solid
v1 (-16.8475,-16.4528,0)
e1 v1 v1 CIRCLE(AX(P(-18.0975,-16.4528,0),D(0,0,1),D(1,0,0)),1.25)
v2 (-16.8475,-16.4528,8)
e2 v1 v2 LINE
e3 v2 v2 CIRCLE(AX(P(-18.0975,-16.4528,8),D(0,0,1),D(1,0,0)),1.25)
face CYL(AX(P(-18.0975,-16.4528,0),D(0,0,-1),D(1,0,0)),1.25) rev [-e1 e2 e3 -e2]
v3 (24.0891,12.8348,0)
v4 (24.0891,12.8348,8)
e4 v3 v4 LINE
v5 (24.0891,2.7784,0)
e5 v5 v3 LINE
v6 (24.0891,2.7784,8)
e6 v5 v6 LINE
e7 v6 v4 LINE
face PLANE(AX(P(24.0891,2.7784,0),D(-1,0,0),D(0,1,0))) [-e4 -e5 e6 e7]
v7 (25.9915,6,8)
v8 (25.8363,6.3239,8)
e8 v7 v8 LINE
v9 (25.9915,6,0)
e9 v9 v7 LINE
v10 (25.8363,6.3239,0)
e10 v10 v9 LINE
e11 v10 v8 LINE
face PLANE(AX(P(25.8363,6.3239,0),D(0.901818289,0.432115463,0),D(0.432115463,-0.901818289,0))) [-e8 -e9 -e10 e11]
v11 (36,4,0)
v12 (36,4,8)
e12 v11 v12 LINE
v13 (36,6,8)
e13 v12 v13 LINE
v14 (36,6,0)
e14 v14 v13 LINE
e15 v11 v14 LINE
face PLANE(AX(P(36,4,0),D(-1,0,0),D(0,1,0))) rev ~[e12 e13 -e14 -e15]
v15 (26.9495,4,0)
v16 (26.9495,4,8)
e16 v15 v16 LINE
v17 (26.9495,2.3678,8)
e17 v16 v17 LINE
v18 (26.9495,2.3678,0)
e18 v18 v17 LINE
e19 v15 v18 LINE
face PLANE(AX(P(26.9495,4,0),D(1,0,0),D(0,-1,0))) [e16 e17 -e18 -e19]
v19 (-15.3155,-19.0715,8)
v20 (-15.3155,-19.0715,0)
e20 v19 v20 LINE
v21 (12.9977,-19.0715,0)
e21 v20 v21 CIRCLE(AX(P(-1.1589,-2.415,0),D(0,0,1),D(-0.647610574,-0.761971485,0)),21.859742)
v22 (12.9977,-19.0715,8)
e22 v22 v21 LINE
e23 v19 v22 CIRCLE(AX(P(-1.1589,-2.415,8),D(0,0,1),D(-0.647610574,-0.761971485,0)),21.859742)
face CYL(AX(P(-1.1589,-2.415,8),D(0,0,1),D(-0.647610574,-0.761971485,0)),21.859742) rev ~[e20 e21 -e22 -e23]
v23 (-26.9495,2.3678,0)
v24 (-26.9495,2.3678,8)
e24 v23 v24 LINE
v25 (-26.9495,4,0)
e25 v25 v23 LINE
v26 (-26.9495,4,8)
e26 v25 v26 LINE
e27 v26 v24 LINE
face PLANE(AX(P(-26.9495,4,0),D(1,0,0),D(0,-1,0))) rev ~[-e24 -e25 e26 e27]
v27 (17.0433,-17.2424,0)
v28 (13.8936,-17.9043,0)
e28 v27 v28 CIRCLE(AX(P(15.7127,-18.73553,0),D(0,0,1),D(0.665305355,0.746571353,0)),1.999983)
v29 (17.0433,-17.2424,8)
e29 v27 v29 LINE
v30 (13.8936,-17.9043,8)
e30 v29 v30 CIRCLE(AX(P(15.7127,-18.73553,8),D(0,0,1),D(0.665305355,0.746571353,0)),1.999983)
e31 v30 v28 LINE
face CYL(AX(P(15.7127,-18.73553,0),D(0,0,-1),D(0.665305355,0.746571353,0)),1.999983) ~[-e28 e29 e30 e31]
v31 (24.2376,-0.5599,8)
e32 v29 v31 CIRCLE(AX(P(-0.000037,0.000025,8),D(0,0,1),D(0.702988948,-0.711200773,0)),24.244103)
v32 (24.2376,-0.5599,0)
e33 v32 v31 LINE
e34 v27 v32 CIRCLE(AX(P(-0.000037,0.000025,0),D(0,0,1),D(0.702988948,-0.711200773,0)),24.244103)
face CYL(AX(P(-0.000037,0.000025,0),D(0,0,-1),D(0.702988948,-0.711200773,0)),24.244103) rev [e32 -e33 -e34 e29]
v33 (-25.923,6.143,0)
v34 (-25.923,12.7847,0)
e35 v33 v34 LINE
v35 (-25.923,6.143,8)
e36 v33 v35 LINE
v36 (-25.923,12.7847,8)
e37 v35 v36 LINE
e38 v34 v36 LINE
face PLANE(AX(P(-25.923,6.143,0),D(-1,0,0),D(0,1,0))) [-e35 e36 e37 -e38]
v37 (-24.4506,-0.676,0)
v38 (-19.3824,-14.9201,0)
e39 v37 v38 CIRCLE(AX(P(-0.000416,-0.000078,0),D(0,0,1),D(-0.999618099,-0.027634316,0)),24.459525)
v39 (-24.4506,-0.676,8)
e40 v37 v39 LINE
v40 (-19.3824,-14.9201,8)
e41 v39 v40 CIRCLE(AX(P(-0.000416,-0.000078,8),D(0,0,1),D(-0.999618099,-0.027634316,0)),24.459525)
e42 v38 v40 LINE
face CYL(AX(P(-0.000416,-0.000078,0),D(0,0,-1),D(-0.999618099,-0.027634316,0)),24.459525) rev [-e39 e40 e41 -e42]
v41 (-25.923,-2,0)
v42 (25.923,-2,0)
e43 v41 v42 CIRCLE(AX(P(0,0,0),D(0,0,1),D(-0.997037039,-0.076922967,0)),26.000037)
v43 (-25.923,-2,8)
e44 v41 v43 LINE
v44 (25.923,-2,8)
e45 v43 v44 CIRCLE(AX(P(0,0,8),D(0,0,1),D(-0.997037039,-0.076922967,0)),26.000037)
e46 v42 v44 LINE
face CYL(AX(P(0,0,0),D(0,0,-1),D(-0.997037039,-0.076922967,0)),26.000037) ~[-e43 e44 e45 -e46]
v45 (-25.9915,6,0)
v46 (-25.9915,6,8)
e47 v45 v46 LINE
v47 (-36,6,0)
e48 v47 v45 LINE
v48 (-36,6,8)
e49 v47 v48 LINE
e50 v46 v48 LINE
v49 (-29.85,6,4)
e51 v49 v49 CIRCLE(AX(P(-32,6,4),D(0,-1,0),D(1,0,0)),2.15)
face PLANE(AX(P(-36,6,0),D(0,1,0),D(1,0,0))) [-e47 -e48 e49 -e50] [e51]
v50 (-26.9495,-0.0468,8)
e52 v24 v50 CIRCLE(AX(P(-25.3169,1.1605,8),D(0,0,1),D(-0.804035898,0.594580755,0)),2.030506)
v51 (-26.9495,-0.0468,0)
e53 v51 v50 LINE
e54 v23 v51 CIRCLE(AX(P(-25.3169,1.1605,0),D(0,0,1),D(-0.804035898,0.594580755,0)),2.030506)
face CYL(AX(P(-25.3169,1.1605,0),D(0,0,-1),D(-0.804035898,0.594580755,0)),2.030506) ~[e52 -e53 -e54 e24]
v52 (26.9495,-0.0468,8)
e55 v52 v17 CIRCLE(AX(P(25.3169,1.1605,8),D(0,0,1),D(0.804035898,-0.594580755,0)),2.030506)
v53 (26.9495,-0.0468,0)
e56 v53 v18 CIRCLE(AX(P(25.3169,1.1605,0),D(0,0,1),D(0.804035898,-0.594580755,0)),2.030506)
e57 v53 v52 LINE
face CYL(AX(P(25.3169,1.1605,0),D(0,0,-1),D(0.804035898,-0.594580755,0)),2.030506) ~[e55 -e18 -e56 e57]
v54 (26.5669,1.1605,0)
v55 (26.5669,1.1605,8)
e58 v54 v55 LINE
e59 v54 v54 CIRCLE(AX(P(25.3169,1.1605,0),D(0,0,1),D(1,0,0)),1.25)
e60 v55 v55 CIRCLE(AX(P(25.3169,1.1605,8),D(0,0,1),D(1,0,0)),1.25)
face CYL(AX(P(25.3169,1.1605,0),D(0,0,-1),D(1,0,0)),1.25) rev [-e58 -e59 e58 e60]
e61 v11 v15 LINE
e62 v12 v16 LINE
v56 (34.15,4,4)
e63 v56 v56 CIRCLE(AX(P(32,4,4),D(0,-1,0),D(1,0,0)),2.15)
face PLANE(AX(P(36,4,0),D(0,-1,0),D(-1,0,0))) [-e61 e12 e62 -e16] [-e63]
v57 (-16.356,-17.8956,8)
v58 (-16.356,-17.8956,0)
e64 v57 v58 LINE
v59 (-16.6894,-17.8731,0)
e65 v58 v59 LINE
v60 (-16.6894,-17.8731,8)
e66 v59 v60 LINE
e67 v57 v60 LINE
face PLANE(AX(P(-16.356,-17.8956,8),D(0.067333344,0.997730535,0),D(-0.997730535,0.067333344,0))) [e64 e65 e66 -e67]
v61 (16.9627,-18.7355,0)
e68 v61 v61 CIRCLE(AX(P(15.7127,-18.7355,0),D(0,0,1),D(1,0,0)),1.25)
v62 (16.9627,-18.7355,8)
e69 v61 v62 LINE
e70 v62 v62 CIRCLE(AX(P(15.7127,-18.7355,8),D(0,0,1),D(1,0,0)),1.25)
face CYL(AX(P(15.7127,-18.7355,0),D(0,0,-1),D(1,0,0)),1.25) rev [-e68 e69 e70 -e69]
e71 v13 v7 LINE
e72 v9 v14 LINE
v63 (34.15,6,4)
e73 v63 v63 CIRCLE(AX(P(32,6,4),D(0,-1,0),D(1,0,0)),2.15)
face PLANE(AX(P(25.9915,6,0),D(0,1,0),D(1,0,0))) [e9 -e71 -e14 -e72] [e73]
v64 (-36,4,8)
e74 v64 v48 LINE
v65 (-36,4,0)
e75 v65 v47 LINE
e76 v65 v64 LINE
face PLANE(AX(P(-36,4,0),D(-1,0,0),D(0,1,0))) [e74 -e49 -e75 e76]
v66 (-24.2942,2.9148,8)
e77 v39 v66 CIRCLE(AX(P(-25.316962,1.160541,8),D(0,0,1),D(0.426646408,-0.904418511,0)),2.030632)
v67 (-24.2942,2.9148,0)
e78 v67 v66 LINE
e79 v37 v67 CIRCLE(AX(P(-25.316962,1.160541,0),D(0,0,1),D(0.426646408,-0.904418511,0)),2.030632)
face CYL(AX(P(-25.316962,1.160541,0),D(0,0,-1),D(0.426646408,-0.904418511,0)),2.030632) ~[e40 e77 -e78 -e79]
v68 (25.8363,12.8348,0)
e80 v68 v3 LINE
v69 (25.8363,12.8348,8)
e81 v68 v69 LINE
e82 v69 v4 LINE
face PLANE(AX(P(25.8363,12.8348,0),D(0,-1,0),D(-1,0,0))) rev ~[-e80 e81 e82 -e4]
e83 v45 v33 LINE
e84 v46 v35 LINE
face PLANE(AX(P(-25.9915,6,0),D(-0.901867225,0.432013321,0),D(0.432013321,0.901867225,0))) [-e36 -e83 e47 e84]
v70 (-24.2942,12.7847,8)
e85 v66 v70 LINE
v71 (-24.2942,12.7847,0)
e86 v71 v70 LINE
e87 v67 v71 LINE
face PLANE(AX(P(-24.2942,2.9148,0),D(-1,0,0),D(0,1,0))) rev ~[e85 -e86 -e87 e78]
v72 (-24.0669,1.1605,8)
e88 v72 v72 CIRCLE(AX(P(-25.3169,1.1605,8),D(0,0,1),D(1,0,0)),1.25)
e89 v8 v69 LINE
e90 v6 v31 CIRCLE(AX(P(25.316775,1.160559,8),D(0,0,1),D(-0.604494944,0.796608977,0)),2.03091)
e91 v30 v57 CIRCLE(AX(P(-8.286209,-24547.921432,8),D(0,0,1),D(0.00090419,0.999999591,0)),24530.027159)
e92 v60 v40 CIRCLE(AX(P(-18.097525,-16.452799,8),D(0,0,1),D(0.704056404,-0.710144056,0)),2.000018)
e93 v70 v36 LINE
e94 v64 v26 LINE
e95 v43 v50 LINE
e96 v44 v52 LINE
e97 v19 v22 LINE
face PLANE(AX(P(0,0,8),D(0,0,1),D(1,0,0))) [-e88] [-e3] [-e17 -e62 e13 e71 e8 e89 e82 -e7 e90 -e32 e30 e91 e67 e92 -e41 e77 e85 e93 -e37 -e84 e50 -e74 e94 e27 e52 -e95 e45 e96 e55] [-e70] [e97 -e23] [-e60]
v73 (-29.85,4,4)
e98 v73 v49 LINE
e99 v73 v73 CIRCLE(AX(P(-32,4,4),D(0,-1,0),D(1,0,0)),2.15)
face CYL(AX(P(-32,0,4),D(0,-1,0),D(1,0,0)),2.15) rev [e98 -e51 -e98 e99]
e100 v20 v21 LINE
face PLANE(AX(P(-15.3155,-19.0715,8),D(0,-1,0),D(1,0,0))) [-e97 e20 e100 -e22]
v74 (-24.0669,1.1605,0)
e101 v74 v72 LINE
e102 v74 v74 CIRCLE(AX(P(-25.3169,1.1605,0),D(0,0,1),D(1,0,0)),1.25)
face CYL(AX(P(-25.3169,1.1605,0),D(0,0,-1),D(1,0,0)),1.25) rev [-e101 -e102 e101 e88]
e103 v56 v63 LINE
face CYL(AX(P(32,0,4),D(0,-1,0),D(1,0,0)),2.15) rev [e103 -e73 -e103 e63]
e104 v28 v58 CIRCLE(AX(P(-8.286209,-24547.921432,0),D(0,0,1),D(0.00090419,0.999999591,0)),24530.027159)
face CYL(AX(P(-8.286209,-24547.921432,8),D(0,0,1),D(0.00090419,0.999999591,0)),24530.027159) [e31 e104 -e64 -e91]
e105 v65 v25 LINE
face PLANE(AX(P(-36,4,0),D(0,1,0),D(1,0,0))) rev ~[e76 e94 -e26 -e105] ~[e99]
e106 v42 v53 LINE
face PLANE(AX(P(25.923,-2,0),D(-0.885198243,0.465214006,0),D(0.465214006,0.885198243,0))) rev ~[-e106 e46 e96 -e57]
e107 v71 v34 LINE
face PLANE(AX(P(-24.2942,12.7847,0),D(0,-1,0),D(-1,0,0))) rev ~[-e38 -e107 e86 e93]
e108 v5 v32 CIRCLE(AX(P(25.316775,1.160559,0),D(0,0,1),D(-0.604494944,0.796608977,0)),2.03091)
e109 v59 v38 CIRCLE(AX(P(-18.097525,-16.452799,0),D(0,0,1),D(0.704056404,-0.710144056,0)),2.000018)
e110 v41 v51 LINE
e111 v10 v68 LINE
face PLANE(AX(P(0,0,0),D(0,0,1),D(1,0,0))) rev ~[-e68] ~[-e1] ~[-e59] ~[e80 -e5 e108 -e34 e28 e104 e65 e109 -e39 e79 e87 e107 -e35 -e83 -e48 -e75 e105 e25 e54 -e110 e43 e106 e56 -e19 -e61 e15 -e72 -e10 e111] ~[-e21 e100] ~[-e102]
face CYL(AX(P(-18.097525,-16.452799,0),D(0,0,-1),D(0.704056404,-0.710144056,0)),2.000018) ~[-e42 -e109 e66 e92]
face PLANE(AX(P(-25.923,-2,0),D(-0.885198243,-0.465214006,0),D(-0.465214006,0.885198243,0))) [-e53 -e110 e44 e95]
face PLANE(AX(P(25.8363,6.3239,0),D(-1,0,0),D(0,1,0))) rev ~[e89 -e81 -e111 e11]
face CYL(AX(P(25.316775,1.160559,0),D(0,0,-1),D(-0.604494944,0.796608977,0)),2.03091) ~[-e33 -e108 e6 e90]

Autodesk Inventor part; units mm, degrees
ref_plane "YZ Plane" through (0, 0, 0) normal (1, 0, 0) x (0, 1, 0)
ref_plane "XZ Plane" through (0, 0, 0) normal (0, 1, 0) x (-1, 0, 0)
ref_plane "XY Plane" through (0, 0, 0) normal (0, 0, 1) x (1, 0, 0)
sketch "Esquisse1" plane through (0, 0, 0) normal (0, 0, 1) x (1, 0, 0)
  line L0 (0, 0) -> (-27.546, -25.0426) construction
  line L1 (0, 0) -> (23.0277, -27.4577) construction
  circle A0 centre (-18.0975, -16.4528) radius 1.25
  circle A1 centre (15.7127, -18.7355) radius 1.25
  arc A2 (-16.6894, -17.8731) -> (14.1299, -19.9581) centre (0, 0) ccw
  arc A3 (-16.6894, -17.8731) -> (-19.3824, -14.9201) centre (-18.0975, -16.4528) ccw
  arc A4 (17.0433, -17.2424) -> (14.1299, -19.9581) centre (15.7127, -18.7355) ccw
  line L2 (0, 0) -> (-29.5508, 10.7556) construction
  line L3 (-17.8311, 0) -> (17.1748, 0) construction
  line L4 (0, 2.0526) -> (0, -2.2236) construction
  arc A5 (-25.923, -2) -> (25.923, -2) centre (0, 0) ccw
  circle A6 centre (0, 0) radius 22.5 construction
  arc A7 (-16.6894, -17.8731) -> (14.1299, -19.9581) centre (0, 0) ccw
  arc A8 (-16.6894, -17.8731) -> (14.1299, -19.9581) centre (0, 0) ccw
  circle A9 centre (-25.3169, 1.1605) radius 1.25
  circle A10 centre (25.3169, 1.1605) radius 1.25
  line L5 (24.0891, 2.7784) -> (24.0891, 12.8348)
  line L6 (25.8363, 12.8348) -> (24.0891, 12.8348)
  line L7 (-25.923, 6.143) -> (-25.923, 12.7847)
  line L8 (-24.2942, 2.9148) -> (-24.2942, 12.7847)
  line L9 (-24.2942, 12.7847) -> (-25.923, 12.7847)
  arc A11 (-24.4506, -0.676) -> (-19.3824, -14.9201) centre (0, 0) ccw
  arc A12 (-24.4506, -0.676) -> (-19.3824, -14.9201) centre (0, 0) ccw
  arc A13 (-24.4506, -0.676) -> (-24.2942, 2.9148) centre (-25.3169, 1.1605) ccw
  arc A14 (17.0433, -17.2424) -> (24.2376, -0.5599) centre (0, 0) ccw
  arc A15 (17.0433, -17.2424) -> (24.2376, -0.5599) centre (0, 0) ccw
  arc A16 (17.0433, -17.2424) -> (24.2376, -0.5599) centre (0, 0) ccw
  arc A17 (24.0891, 2.7784) -> (24.2376, -0.5599) centre (25.3169, 1.1605) ccw
  line L10 (25.8363, 3.0919) -> (25.8363, 3.124)
  line L11 (25.8363, 6.3239) -> (25.8363, 12.8348)
  line L12 (25.8363, 6.3239) -> (25.9915, 6)
  line L13 (-36, 4) -> (-26.9495, 4)
  line L14 (-36, 6) -> (-26, 6)
  line L15 (-36, 4) -> (-36, 6)
  line L16 (-26, 6) -> (-25.9915, 6)
  line L17 (-25.9915, 6) -> (-25.923, 6.143)
  line L18 (-26.9495, 4) -> (-26.9495, 2.3678)
  line L19 (-25.923, -2) -> (-26.9495, -0.0468)
  arc A18 (-26.9495, 2.3678) -> (-26.9495, -0.0468) centre (-25.3169, 1.1605) ccw
  arc A19 (-24.4506, -0.676) -> (-24.2942, 2.9148) centre (-25.3169, 1.1605) ccw
  line L20 (25.9915, 6) -> (25.923, 6.143)
  line L21 (36, 4) -> (26.9495, 4)
  line L22 (36, 6) -> (26, 6)
  line L23 (36, 4) -> (36, 6)
  line L24 (26.9495, 4) -> (26.9495, 2.3678)
  line L25 (25.923, -2) -> (26.9495, -0.0468)
  arc A20 (26.9495, -0.0468) -> (26.9495, 2.3678) centre (25.3169, 1.1605) ccw
  line L26 (25.9915, 6) -> (26, 6)
  point P0 (29.8237, -2)
  point P1 (-36, -2)
  point P2 (-26.3114, 9.5766)
  dimension "d35" = 2.5
  dimension "d36" = 2.5
  dimension "d37" = 4
  dimension "d38" = 4
  dimension "d39" = 20
  dimension "d52" = 45
  dimension "d65" = 2.5
  dimension "d81" = 10
ref_plane "Plan de construction1" through (-42, 0, 0) normal (0, 1, 0) x (1, 0, 0)
ref_plane "Plan de construction2" through (-36, 0, 0) normal (0, 1, 0) x (1, 0, 0)
sketch "Esquisse3" plane through (-36, 0, 0) normal (0, 1, 0) x (1, 0, 0)
  line L0 (0, 0) -> (10, 0) projected
  line L1 (0, 0) -> (0, -8) projected
  line L2 (10, -8) -> (0, -8) projected
  line L3 (10, 0) -> (10, -8) projected
  circle A0 centre (4, -4) radius 2.15
  line L4 (62, 0) -> (72, 0) projected
  line L5 (62, 0) -> (62, -8) projected
  line L6 (72, -8) -> (62, -8) projected
  line L7 (72, 0) -> (72, -8) projected
  circle A1 centre (68, -4) radius 2.15
  point P0 (36, 0)
  dimension "d48" = 4.3
  dimension "d73" = 4
  dimension "d74" = 4.3
  dimension "d75" = 4
extrude "Extrusion16" add sketch "Esquisse1" along normal blind 8
extrude "Extrusion17" cut sketch "Esquisse3" along normal blind 8 contours A0 | A1
sketch "Esquisse5" plane through (0, 0, 8) normal (0, 0, 1) x (1, 0, 0)
  arc A0 (-16.6894, -17.8731) -> (14.1299, -19.9581) centre (0, 0) ccw projected
  circle A1 centre (25.3169, 1.1605) radius 1.25 projected
  circle A2 centre (-25.3169, 1.1605) radius 1.25 projected
  circle A3 centre (15.7127, -18.7355) radius 1.25 projected
  circle A4 centre (-18.0975, -16.4528) radius 1.25 projected
  arc A5 (-16.6894, -17.8731) -> (-19.3824, -14.9201) centre (-18.0975, -16.4528) ccw projected
  arc A6 (-24.4506, -0.676) -> (-19.3824, -14.9201) centre (0, 0) ccw projected
  arc A7 (-24.4506, -0.676) -> (-24.2942, 2.9148) centre (-25.3169, 1.1605) ccw projected
  line L0 (-24.2942, 2.9148) -> (-24.2942, 12.7847) projected
  line L1 (-24.2942, 12.7847) -> (-25.923, 12.7847) projected
  line L2 (-25.923, 12.7847) -> (-25.923, 6.143) projected
  line L3 (-25.923, 6.143) -> (-25.9915, 6) projected
  line L4 (-25.9915, 6) -> (-36, 6) projected
  line L5 (-36, 6) -> (-36, 4) projected
  line L6 (-36, 4) -> (-26.9495, 4) projected
  line L7 (-26.9495, 4) -> (-26.9495, 2.3678) projected
  arc A8 (-26.9495, 2.3678) -> (-26.9495, -0.0468) centre (-25.3169, 1.1605) ccw projected
  line L8 (-26.9495, -0.0468) -> (-25.923, -2) projected
  arc A9 (-25.923, -2) -> (25.923, -2) centre (0, 0) ccw projected
  line L9 (25.923, -2) -> (26.9495, -0.0468) projected
  arc A10 (26.9495, -0.0468) -> (26.9495, 2.3678) centre (25.3169, 1.1605) ccw projected
  line L10 (26.9495, 2.3678) -> (26.9495, 4) projected
  line L11 (26.9495, 4) -> (36, 4) projected
  line L12 (36, 4) -> (36, 6) projected
  line L13 (36, 6) -> (25.9915, 6) projected
  line L14 (25.9915, 6) -> (25.8363, 6.3239) projected
  line L15 (25.8363, 6.3239) -> (25.8363, 12.8348) projected
  line L16 (25.8363, 12.8348) -> (24.0891, 12.8348) projected
  line L17 (24.0891, 12.8348) -> (24.0891, 2.7784) projected
  arc A11 (24.0891, 2.7784) -> (24.2376, -0.5599) centre (25.3169, 1.1605) ccw projected
  arc A12 (17.0433, -17.2424) -> (24.2376, -0.5599) centre (0, 0) ccw projected
  arc A13 (17.0433, -17.2424) -> (14.1299, -19.9581) centre (15.7127, -18.7355) ccw projected
  arc A14 (-16.6894, -17.8731) -> (14.1299, -19.9581) centre (0, 0) ccw projected
  line L18 (-16.356, -17.8956) -> (-16.6894, -17.8731)
  arc A15 (17.0433, -17.2424) -> (14.1299, -19.9581) centre (15.7127, -18.7355) ccw projected
  arc A16 (13.8936, -17.9043) -> (-16.356, -17.8956) centre (-8.178, -24366.3326) ccw
  arc A17 (-16.6894, -17.8731) -> (-19.3824, -14.9201) centre (-18.0975, -16.4528) ccw projected
  arc A18 (-16.6894, -17.8731) -> (14.1299, -19.9581) centre (0, 0) ccw
  arc A19 (13.8936, -17.9043) -> (14.1299, -19.9581) centre (15.7127, -18.7355) ccw
extrude "Extrusion18" add sketch "Esquisse5" against normal blind 8 contours L18 A16 A13 A0
sketch "Esquisse6" plane through (0, 0, 8) normal (0, 0, 1) x (1, 0, 0)
  circle A0 centre (25.3169, 1.1605) radius 1.25 projected
  circle A1 centre (-25.3169, 1.1605) radius 1.25 projected
  circle A2 centre (15.7127, -18.7355) radius 1.25 projected
  circle A3 centre (-18.0975, -16.4528) radius 1.25 projected
  arc A4 (-16.6894, -17.8731) -> (-19.3824, -14.9201) centre (-18.0975, -16.4528) ccw projected
  arc A5 (-24.4506, -0.676) -> (-19.3824, -14.9201) centre (0, 0) ccw projected
  arc A6 (-24.4506, -0.676) -> (-24.2942, 2.9148) centre (-25.3169, 1.1605) ccw projected
  line L0 (-24.2942, 2.9148) -> (-24.2942, 12.7847) projected
  line L1 (-24.2942, 12.7847) -> (-25.923, 12.7847) projected
  line L2 (-25.923, 12.7847) -> (-25.923, 6.143) projected
  line L3 (-25.923, 6.143) -> (-25.9915, 6) projected
  line L4 (-25.9915, 6) -> (-36, 6) projected
  line L5 (-36, 6) -> (-36, 4) projected
  line L6 (-36, 4) -> (-26.9495, 4) projected
  line L7 (-26.9495, 4) -> (-26.9495, 2.3678) projected
  arc A7 (-26.9495, 2.3678) -> (-26.9495, -0.0468) centre (-25.3169, 1.1605) ccw projected
  line L8 (-26.9495, -0.0468) -> (-25.923, -2) projected
  arc A8 (-25.923, -2) -> (25.923, -2) centre (0, 0) ccw projected
  line L9 (25.923, -2) -> (26.9495, -0.0468) projected
  arc A9 (26.9495, -0.0468) -> (26.9495, 2.3678) centre (25.3169, 1.1605) ccw projected
  line L10 (26.9495, 2.3678) -> (26.9495, 4) projected
  line L11 (26.9495, 4) -> (36, 4) projected
  line L12 (36, 4) -> (36, 6) projected
  line L13 (36, 6) -> (25.9915, 6) projected
  line L14 (25.9915, 6) -> (25.8363, 6.3239) projected
  line L15 (25.8363, 6.3239) -> (25.8363, 12.8348) projected
  line L16 (25.8363, 12.8348) -> (24.0891, 12.8348) projected
  line L17 (24.0891, 12.8348) -> (24.0891, 2.7784) projected
  arc A10 (24.0891, 2.7784) -> (24.2376, -0.5599) centre (25.3169, 1.1605) ccw projected
  arc A11 (17.0433, -17.2424) -> (24.2376, -0.5599) centre (0, 0) ccw projected
  arc A12 (17.0433, -17.2424) -> (13.8936, -17.9043) centre (15.7127, -18.7355) ccw projected
  arc A13 (13.8936, -17.9043) -> (-16.356, -17.8956) centre (-8.178, -24366.3326) ccw projected
  line L18 (-16.356, -17.8956) -> (-16.6894, -17.8731) projected
  line L19 (-15.3155, -19.0715) -> (12.9977, -19.0715)
  arc A14 (-15.3155, -19.0715) -> (12.9977, -19.0715) centre (-1.1589, -2.415) ccw
extrude "Extrusion19" cut sketch "Esquisse6" against normal blind 8 contours L19 A14
properties part number "anneaustop"
